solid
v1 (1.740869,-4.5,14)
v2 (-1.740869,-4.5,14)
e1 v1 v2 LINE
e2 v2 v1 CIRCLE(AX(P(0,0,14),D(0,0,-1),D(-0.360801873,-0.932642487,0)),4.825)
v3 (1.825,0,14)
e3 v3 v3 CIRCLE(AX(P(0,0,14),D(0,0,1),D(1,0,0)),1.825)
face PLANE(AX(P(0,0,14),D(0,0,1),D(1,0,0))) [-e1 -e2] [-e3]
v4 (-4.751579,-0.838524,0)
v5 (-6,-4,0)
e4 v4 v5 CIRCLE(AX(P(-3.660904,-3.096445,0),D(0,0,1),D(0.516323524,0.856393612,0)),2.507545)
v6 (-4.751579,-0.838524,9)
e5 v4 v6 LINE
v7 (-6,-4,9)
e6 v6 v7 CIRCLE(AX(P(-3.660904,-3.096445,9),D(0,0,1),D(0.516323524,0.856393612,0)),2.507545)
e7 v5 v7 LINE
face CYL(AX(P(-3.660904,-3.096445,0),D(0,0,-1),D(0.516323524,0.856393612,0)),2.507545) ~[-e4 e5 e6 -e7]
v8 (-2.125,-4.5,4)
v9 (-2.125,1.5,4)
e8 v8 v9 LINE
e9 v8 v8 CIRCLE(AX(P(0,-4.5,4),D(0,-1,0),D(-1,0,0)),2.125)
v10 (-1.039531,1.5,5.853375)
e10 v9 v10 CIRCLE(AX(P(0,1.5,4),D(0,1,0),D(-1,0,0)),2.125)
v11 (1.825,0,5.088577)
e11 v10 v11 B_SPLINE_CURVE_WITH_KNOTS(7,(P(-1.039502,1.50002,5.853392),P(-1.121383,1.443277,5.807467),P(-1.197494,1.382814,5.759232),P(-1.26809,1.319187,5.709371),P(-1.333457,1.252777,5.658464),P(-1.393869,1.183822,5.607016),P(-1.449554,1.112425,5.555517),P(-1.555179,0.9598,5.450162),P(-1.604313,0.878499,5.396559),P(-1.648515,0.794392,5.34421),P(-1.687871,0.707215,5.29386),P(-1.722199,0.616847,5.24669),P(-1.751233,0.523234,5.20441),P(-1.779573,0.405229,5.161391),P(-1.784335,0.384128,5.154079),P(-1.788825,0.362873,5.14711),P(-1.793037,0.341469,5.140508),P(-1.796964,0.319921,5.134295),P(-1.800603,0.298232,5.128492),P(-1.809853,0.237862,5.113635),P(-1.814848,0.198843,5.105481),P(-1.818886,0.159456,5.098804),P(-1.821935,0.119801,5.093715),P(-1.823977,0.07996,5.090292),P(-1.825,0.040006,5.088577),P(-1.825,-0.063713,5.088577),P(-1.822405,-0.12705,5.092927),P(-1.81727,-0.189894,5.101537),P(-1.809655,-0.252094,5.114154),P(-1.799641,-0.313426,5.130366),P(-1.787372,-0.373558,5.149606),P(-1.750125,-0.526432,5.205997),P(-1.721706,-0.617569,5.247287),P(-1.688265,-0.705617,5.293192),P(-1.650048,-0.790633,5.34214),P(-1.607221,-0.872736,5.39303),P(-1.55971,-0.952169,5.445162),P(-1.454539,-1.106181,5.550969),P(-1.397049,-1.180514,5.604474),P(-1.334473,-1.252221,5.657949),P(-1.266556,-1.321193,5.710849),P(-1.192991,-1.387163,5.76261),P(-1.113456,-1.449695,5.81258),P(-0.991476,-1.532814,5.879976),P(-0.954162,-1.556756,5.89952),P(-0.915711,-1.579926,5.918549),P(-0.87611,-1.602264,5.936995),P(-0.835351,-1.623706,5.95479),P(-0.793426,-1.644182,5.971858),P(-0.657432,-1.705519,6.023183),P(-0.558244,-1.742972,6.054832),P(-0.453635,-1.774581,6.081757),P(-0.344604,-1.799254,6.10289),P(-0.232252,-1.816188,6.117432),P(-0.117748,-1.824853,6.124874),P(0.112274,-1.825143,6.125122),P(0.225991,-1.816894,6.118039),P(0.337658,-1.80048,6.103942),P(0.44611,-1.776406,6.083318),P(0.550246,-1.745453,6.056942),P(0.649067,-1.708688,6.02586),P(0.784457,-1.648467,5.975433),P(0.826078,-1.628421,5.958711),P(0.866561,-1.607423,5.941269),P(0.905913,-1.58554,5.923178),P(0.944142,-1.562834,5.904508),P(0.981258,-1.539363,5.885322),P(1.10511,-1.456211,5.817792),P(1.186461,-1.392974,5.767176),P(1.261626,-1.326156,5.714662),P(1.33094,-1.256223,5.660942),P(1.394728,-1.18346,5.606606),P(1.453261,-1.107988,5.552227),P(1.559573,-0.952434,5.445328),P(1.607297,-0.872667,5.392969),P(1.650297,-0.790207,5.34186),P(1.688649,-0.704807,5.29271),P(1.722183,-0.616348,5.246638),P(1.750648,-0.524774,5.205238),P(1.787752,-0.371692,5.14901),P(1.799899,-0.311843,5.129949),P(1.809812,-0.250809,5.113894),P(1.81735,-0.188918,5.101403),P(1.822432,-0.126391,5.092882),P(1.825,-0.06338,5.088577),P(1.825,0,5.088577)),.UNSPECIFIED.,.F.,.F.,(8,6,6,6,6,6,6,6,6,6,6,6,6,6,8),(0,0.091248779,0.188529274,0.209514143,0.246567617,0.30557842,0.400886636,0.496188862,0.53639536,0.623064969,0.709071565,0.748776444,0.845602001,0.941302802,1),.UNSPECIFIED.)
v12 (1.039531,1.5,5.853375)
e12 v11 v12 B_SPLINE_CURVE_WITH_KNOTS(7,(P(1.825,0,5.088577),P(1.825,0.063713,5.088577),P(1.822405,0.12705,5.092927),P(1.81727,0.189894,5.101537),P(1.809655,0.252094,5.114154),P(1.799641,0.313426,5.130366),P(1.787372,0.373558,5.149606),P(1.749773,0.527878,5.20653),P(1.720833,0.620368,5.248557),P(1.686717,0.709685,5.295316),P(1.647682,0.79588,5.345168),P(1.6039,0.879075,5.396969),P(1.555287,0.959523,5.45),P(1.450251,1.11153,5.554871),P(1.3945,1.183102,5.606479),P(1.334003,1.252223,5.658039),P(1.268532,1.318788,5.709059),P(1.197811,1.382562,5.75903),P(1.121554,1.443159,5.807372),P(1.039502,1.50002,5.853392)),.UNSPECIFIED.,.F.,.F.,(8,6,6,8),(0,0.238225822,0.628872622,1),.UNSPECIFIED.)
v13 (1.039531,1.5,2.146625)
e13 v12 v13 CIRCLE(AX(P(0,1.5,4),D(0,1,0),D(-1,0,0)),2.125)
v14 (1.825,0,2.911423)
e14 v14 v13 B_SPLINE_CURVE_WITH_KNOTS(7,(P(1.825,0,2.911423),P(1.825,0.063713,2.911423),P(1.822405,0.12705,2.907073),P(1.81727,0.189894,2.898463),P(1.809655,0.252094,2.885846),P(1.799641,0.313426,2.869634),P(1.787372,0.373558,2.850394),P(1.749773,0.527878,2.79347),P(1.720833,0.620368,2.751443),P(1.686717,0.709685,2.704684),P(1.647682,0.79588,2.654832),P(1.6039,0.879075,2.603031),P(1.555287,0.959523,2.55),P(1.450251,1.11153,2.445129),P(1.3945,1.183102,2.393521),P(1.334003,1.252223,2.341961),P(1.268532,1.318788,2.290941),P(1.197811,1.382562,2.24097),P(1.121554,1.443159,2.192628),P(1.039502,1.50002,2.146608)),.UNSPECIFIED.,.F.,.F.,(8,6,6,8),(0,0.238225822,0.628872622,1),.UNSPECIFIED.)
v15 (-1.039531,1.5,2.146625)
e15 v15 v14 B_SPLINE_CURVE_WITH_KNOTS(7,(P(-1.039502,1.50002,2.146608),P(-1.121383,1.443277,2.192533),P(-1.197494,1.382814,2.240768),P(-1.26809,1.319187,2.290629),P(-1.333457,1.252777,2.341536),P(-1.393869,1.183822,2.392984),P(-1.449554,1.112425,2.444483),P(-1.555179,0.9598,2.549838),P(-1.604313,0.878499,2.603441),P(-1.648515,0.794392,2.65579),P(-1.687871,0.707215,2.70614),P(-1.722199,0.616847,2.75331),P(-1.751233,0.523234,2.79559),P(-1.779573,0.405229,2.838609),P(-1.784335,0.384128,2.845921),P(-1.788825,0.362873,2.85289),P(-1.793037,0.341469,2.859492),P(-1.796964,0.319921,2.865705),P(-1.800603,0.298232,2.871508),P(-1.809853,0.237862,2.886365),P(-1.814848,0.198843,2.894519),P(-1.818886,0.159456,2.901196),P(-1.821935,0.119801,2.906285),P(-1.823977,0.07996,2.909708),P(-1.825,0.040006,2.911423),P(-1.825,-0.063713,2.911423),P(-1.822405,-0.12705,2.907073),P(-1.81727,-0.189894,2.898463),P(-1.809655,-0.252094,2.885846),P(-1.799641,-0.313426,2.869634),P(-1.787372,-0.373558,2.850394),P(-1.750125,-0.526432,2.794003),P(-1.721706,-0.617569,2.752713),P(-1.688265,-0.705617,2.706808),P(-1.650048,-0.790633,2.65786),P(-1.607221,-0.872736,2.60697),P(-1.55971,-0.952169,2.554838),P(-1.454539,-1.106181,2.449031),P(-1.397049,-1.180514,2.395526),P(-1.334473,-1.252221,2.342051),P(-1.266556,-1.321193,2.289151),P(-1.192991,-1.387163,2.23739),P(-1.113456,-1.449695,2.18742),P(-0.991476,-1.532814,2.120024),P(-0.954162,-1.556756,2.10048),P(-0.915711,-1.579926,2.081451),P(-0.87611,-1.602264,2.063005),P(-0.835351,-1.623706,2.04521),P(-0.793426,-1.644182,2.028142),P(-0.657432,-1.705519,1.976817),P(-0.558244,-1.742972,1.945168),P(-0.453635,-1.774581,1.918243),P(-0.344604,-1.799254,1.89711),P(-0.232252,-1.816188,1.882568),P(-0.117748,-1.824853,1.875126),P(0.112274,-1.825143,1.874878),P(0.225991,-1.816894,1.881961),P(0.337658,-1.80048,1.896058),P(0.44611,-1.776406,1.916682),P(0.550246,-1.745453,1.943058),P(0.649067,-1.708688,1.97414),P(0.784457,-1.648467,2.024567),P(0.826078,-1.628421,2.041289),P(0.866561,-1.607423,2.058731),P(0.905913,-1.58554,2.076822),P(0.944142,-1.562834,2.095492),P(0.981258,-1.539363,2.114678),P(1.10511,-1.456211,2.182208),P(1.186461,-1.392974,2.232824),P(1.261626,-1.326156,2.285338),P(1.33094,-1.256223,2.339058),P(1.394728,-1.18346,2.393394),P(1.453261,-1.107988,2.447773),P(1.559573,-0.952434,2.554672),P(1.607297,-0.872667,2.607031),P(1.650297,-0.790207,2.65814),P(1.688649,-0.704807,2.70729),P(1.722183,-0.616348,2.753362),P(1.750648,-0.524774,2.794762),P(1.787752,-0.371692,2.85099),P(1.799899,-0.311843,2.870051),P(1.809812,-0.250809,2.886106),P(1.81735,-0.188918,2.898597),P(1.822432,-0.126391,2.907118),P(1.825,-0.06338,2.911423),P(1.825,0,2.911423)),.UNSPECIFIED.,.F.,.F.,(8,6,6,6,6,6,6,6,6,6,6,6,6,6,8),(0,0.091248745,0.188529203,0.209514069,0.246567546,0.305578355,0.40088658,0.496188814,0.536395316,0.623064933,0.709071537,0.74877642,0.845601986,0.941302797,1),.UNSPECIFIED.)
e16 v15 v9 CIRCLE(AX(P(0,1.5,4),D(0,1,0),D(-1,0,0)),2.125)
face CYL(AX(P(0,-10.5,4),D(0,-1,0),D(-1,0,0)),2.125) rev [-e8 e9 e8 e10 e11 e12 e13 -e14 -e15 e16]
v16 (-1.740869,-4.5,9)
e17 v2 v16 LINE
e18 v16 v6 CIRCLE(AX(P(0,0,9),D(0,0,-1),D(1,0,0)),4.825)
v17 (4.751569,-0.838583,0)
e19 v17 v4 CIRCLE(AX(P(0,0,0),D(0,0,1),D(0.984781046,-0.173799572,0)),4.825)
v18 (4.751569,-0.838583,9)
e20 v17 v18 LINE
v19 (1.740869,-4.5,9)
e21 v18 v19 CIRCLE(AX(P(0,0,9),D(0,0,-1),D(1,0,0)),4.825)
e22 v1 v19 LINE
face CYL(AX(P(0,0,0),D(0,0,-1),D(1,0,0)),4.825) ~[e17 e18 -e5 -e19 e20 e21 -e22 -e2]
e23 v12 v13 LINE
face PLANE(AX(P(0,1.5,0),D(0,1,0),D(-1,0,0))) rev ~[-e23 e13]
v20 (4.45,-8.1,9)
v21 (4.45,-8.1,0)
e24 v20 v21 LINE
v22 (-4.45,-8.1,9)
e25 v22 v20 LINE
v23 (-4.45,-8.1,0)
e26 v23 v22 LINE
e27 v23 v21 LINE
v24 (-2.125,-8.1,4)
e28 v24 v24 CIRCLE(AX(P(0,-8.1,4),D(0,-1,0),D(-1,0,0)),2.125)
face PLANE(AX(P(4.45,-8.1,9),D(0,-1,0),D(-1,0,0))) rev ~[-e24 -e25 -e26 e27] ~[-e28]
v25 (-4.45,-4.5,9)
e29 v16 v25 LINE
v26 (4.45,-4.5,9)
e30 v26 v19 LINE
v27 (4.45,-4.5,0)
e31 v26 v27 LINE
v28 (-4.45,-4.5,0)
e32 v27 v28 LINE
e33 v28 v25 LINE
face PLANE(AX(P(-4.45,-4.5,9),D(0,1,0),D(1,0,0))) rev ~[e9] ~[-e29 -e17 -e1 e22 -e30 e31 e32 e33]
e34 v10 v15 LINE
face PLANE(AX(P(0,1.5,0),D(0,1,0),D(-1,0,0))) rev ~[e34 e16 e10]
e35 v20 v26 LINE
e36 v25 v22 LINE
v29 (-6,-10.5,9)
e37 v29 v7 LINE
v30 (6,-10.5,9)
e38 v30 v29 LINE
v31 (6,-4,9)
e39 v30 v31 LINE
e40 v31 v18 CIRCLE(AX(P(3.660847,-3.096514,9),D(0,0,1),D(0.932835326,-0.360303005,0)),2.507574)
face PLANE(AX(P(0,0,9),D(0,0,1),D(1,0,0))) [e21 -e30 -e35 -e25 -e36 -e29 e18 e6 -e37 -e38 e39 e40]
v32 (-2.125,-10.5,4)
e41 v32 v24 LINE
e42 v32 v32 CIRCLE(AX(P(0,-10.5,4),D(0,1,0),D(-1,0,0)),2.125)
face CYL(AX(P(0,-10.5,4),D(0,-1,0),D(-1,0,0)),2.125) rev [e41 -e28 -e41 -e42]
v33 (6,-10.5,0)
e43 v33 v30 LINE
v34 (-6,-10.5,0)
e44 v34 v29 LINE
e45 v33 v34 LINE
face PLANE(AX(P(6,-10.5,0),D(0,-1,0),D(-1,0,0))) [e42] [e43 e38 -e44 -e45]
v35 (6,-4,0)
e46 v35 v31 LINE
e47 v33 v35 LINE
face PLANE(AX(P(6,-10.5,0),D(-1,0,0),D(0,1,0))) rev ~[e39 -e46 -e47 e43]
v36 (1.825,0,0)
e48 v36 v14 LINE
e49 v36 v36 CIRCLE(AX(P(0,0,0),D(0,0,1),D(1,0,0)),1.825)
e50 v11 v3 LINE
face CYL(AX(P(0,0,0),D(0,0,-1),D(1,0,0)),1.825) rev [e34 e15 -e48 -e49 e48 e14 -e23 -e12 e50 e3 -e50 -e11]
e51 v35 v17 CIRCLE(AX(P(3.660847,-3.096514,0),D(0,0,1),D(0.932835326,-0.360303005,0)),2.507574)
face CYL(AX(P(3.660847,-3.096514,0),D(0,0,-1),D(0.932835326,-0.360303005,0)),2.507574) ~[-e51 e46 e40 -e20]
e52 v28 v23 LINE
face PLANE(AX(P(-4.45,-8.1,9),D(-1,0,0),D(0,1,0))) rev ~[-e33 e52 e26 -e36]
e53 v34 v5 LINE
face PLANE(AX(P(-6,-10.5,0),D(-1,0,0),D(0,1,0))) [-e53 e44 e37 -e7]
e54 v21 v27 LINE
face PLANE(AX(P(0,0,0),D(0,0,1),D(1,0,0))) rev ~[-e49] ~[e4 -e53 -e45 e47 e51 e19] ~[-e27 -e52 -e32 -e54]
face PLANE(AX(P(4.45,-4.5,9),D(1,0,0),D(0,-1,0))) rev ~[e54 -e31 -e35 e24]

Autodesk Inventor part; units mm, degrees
ref_plane "YZ Plane" through (0, 0, 0) normal (1, 0, 0) x (0, 1, 0)
ref_plane "XY Plane" through (0, 0, 0) normal (0, 0, 1) x (1, 0, 0)
sketch "Sketch1" plane through (0, 0, 0) normal (0, 0, 1) x (1, 0, 0)
  circle A0 centre (0, 0) radius 1.825
  circle A1 centre (0, 0) radius 4.825
  line L0 (-6, -4) -> (6, -4)
  line L1 (6, -10.5) -> (-6, -10.5)
  line L2 (-6, -10.5) -> (-6, -4)
  arc A2 (-2.3662, -0.949) -> (-6, -4) centre (-3.6609, -3.0965) ccw
  arc A3 (6, -4) -> (2.3662, -0.949) centre (3.6609, -3.0965) ccw
  arc A4 (-2.3662, -0.949) -> (2.3662, -0.949) centre (0, 0.4878) ccw
  line L3 (-15.4666, 0) -> (16.043, 0) construction
  line L4 (0, 8.2762) -> (0, -10.4238) construction
  line L5 (6, -10.5) -> (6, -4)
  dimension "d0" = 3.65
  dimension "d1" = 3
  dimension "d3" = 12
  dimension "d5" = 4
  dimension "d6" = 6.5
  dimension "d7" = 6
extrude "Extrusion1" add sketch "Sketch1" along normal blind 9
ref_plane "Work Plane1" through (0, -10.5, 0) normal (0, 1, 0) x (-1, 0, 0)
extrude "Extrusion4" add sketch "Sketch1" along normal blind 14 contours A1 A3 A4 A2 | A2 A4 A3 A1 L0 | L0 A1
sketch "Sketch2" plane through (0, -10.5, 0) normal (0, 1, 0) x (-1, 0, 0)
  line L0 (6, 0) -> (-6, 0) projected
  line L1 (-6, 0) -> (-6, 9) projected
  line L2 (6, 9) -> (-6, 9) projected
  line L3 (6, 0) -> (6, 9) projected
  circle A0 centre (0, 4) radius 2.125
  point P0 (0, 0)
  dimension "d11" = 4.25
  dimension "d12" = 4
extrude "Extrusion2" cut sketch "Sketch2" along normal blind 12 contours A0
sketch "Sketch3" plane through (0, 0, 9) normal (0, 0, 1) x (1, 0, 0)
  line L0 (-6, -10.5) -> (6, -10.5) projected
  circle A0 centre (0, 0) radius 1.825 projected
  line L1 (-4.45, -4.5) -> (4.45, -4.5)
  line L2 (4.45, -4.5) -> (4.45, -8.1)
  line L3 (4.45, -8.1) -> (-4.45, -8.1)
  line L4 (-4.45, -8.1) -> (-4.45, -4.5)
  point P0 (0, -8.1)
  point P1 (0, -10.5)
  dimension "d15" = 8.9
  dimension "d16" = 3.6
  dimension "d17" = 4.5
extrude "Extrusion3" cut sketch "Sketch3" along normal mid plane 30 contours L1 L2 L3 L4
equation "\"d4\" = 0.4"
properties part number "MotorAttachment2"
